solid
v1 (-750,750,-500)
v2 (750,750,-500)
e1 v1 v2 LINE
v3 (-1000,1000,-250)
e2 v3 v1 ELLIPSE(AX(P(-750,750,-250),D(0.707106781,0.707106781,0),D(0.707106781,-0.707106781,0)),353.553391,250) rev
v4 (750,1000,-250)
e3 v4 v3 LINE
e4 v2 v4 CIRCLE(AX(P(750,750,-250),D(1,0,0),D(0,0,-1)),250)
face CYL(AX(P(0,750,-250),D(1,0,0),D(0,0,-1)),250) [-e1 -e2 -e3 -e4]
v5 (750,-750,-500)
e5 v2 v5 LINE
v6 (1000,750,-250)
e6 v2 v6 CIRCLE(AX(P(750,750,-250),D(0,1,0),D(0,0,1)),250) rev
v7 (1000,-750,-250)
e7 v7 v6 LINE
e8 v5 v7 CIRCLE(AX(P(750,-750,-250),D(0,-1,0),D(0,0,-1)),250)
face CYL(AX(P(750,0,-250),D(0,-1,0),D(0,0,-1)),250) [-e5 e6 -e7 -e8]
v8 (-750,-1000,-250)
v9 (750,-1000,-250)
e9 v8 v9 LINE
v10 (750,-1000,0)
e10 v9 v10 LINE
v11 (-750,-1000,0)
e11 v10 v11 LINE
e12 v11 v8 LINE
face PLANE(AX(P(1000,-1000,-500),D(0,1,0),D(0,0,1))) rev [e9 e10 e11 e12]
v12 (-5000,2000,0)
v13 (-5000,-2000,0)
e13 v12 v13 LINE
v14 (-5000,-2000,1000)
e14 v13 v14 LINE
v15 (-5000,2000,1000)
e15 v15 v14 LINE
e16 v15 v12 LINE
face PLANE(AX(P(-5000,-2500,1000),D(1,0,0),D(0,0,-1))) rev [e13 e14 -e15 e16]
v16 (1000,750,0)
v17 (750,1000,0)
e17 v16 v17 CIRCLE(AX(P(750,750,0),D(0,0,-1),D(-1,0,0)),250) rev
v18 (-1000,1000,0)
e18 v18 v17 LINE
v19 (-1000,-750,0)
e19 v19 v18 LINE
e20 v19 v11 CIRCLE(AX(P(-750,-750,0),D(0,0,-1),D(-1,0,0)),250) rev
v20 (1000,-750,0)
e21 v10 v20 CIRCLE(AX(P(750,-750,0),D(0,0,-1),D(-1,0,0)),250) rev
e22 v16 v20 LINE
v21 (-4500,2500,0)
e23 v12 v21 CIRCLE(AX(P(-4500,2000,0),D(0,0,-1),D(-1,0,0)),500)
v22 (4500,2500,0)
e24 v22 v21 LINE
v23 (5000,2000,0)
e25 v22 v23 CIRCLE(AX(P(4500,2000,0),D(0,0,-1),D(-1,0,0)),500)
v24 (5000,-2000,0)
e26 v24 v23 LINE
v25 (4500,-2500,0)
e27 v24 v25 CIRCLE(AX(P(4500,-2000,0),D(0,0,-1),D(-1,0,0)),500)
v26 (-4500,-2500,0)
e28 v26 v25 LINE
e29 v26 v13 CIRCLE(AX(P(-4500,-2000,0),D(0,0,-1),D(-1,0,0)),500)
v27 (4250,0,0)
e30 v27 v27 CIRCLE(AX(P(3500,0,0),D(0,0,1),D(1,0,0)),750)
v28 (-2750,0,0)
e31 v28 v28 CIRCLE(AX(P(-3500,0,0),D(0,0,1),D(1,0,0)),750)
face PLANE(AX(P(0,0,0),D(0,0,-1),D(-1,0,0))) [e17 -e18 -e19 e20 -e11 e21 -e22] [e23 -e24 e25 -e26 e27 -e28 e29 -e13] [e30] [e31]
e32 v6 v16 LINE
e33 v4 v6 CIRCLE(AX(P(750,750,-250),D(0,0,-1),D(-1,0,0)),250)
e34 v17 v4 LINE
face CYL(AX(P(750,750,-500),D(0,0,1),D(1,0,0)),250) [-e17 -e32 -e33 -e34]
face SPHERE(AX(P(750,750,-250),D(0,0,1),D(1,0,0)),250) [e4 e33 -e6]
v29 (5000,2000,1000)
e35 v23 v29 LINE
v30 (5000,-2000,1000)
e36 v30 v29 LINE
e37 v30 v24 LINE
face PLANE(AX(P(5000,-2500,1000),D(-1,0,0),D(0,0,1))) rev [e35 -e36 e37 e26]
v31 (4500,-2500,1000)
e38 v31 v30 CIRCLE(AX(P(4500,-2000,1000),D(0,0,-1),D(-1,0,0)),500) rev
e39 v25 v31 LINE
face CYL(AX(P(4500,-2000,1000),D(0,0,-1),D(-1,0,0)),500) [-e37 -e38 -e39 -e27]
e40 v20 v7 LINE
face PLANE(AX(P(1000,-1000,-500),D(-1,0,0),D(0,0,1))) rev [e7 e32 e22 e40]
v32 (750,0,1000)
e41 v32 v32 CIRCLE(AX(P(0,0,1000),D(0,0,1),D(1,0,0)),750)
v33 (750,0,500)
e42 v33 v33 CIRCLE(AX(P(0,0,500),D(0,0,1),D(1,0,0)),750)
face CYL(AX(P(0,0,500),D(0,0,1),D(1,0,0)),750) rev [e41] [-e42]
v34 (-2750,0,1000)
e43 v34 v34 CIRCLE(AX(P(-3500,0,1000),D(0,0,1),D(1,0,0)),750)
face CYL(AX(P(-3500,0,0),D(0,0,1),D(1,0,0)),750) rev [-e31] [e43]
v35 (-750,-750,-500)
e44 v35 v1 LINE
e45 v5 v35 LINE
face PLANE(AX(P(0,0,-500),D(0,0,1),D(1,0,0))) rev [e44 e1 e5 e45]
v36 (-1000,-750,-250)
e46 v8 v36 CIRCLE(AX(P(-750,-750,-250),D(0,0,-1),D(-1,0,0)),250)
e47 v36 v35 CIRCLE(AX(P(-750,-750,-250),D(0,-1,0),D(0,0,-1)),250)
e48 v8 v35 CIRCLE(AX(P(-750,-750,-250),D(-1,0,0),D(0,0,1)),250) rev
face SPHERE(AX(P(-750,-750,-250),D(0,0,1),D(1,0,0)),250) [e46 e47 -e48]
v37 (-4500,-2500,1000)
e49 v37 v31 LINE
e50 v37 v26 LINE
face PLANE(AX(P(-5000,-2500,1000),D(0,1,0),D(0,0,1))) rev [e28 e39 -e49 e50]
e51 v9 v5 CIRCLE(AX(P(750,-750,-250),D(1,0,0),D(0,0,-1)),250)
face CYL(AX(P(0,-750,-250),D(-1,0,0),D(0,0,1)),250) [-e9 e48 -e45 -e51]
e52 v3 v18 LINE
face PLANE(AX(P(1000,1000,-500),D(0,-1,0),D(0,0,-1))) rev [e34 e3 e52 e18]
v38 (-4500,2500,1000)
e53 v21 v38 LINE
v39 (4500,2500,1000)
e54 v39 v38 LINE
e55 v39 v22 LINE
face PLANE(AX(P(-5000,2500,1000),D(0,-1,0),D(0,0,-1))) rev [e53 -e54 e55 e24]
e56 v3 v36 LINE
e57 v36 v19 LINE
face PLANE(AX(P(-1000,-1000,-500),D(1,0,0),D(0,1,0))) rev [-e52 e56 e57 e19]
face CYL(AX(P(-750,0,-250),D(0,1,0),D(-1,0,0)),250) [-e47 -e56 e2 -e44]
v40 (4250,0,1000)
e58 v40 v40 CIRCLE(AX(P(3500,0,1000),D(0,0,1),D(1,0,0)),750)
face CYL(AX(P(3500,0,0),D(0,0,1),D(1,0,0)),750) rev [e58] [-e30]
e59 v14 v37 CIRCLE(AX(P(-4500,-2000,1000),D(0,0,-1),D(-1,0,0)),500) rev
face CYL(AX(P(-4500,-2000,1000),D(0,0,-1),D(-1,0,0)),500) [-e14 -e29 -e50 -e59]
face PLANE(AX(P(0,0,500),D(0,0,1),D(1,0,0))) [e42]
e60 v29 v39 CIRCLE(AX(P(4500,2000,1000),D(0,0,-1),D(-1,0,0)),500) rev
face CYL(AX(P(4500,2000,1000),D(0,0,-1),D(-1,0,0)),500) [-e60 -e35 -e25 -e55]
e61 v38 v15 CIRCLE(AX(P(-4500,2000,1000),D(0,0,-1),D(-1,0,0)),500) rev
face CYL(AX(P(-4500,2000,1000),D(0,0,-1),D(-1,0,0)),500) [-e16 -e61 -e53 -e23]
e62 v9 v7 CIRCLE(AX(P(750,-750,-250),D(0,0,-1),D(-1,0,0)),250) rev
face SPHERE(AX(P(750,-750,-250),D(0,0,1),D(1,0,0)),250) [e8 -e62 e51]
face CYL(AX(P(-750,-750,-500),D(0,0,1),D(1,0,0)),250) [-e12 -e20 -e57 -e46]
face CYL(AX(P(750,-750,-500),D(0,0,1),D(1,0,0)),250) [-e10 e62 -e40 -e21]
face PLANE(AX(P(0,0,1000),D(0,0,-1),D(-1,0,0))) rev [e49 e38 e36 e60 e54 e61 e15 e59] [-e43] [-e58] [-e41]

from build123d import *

# Parameters (mm, degrees)
SKETCH1_W           = 10000
SKETCH1_H           = 5000
BOSS_EXTRUDE1_DEPTH = 1000
FILLET1_R           = 500
FILLET2_R           = 500
SKETCH2_R           = 750
CUT_EXTRUDE1_DEPTH  = 5679.9083458
SKETCH3_R           = 750
CUT_EXTRUDE2_DEPTH  = 500
SKETCH4_W           = 2000
SKETCH4_H           = 2000
BOSS_EXTRUDE2_DEPTH = 500
FILLET3_R           = 250


with BuildPart() as part:
    # Sketch1 → Boss-Extrude1 (new body)
    with BuildSketch(Plane.XY):
        Rectangle(SKETCH1_W, SKETCH1_H)
    extrude(amount=BOSS_EXTRUDE1_DEPTH)

    # Fillet1
    fillet1_edges = [part.edges().sort_by_distance(p)[0] for p in [
        (-5000, 2500, 500),
    ]]
    fillet(fillet1_edges, radius=FILLET1_R)

    # Fillet2
    fillet2_edges = [part.edges().sort_by_distance(p)[0] for p in [
        (5000, -2500, 500),
        (-5000, -2500, 500),
        (5000, 2500, 500),
    ]]
    fillet(fillet2_edges, radius=FILLET2_R)

    # Sketch2 → Cut-Extrude1 (cut, through all)
    with BuildSketch(Plane.XY.offset(1000)):
        with Locations((-3500, 0)):
            Circle(SKETCH2_R)
        with Locations((3500, 0)):
            Circle(SKETCH2_R)
    extrude(amount=-CUT_EXTRUDE1_DEPTH, mode=Mode.SUBTRACT)

    # Sketch3 → Cut-Extrude2 (cut)
    with BuildSketch(Plane.XY.offset(1000)):
        Circle(SKETCH3_R)
    extrude(amount=-CUT_EXTRUDE2_DEPTH, mode=Mode.SUBTRACT)

    # Sketch4 → Boss-Extrude2 (add)
    with BuildSketch(Plane(origin=(0, 0, 0), x_dir=(-1, 0, 0), z_dir=(0, 0, -1))):
        Rectangle(SKETCH4_W, SKETCH4_H)
    extrude(amount=BOSS_EXTRUDE2_DEPTH)

    # Fillet3
    fillet3_edges = [part.edges().sort_by_distance(p)[0] for p in [
        (-1000, -1000, -250),
        (1000, 1000, -250),
        (1000, -1000, -250),
        (-1000, 0, -500),
        (0, 1000, -500),
        (1000, 0, -500),
        (0, -1000, -500),
    ]]
    fillet(fillet3_edges, radius=FILLET3_R)


solid = part.part
